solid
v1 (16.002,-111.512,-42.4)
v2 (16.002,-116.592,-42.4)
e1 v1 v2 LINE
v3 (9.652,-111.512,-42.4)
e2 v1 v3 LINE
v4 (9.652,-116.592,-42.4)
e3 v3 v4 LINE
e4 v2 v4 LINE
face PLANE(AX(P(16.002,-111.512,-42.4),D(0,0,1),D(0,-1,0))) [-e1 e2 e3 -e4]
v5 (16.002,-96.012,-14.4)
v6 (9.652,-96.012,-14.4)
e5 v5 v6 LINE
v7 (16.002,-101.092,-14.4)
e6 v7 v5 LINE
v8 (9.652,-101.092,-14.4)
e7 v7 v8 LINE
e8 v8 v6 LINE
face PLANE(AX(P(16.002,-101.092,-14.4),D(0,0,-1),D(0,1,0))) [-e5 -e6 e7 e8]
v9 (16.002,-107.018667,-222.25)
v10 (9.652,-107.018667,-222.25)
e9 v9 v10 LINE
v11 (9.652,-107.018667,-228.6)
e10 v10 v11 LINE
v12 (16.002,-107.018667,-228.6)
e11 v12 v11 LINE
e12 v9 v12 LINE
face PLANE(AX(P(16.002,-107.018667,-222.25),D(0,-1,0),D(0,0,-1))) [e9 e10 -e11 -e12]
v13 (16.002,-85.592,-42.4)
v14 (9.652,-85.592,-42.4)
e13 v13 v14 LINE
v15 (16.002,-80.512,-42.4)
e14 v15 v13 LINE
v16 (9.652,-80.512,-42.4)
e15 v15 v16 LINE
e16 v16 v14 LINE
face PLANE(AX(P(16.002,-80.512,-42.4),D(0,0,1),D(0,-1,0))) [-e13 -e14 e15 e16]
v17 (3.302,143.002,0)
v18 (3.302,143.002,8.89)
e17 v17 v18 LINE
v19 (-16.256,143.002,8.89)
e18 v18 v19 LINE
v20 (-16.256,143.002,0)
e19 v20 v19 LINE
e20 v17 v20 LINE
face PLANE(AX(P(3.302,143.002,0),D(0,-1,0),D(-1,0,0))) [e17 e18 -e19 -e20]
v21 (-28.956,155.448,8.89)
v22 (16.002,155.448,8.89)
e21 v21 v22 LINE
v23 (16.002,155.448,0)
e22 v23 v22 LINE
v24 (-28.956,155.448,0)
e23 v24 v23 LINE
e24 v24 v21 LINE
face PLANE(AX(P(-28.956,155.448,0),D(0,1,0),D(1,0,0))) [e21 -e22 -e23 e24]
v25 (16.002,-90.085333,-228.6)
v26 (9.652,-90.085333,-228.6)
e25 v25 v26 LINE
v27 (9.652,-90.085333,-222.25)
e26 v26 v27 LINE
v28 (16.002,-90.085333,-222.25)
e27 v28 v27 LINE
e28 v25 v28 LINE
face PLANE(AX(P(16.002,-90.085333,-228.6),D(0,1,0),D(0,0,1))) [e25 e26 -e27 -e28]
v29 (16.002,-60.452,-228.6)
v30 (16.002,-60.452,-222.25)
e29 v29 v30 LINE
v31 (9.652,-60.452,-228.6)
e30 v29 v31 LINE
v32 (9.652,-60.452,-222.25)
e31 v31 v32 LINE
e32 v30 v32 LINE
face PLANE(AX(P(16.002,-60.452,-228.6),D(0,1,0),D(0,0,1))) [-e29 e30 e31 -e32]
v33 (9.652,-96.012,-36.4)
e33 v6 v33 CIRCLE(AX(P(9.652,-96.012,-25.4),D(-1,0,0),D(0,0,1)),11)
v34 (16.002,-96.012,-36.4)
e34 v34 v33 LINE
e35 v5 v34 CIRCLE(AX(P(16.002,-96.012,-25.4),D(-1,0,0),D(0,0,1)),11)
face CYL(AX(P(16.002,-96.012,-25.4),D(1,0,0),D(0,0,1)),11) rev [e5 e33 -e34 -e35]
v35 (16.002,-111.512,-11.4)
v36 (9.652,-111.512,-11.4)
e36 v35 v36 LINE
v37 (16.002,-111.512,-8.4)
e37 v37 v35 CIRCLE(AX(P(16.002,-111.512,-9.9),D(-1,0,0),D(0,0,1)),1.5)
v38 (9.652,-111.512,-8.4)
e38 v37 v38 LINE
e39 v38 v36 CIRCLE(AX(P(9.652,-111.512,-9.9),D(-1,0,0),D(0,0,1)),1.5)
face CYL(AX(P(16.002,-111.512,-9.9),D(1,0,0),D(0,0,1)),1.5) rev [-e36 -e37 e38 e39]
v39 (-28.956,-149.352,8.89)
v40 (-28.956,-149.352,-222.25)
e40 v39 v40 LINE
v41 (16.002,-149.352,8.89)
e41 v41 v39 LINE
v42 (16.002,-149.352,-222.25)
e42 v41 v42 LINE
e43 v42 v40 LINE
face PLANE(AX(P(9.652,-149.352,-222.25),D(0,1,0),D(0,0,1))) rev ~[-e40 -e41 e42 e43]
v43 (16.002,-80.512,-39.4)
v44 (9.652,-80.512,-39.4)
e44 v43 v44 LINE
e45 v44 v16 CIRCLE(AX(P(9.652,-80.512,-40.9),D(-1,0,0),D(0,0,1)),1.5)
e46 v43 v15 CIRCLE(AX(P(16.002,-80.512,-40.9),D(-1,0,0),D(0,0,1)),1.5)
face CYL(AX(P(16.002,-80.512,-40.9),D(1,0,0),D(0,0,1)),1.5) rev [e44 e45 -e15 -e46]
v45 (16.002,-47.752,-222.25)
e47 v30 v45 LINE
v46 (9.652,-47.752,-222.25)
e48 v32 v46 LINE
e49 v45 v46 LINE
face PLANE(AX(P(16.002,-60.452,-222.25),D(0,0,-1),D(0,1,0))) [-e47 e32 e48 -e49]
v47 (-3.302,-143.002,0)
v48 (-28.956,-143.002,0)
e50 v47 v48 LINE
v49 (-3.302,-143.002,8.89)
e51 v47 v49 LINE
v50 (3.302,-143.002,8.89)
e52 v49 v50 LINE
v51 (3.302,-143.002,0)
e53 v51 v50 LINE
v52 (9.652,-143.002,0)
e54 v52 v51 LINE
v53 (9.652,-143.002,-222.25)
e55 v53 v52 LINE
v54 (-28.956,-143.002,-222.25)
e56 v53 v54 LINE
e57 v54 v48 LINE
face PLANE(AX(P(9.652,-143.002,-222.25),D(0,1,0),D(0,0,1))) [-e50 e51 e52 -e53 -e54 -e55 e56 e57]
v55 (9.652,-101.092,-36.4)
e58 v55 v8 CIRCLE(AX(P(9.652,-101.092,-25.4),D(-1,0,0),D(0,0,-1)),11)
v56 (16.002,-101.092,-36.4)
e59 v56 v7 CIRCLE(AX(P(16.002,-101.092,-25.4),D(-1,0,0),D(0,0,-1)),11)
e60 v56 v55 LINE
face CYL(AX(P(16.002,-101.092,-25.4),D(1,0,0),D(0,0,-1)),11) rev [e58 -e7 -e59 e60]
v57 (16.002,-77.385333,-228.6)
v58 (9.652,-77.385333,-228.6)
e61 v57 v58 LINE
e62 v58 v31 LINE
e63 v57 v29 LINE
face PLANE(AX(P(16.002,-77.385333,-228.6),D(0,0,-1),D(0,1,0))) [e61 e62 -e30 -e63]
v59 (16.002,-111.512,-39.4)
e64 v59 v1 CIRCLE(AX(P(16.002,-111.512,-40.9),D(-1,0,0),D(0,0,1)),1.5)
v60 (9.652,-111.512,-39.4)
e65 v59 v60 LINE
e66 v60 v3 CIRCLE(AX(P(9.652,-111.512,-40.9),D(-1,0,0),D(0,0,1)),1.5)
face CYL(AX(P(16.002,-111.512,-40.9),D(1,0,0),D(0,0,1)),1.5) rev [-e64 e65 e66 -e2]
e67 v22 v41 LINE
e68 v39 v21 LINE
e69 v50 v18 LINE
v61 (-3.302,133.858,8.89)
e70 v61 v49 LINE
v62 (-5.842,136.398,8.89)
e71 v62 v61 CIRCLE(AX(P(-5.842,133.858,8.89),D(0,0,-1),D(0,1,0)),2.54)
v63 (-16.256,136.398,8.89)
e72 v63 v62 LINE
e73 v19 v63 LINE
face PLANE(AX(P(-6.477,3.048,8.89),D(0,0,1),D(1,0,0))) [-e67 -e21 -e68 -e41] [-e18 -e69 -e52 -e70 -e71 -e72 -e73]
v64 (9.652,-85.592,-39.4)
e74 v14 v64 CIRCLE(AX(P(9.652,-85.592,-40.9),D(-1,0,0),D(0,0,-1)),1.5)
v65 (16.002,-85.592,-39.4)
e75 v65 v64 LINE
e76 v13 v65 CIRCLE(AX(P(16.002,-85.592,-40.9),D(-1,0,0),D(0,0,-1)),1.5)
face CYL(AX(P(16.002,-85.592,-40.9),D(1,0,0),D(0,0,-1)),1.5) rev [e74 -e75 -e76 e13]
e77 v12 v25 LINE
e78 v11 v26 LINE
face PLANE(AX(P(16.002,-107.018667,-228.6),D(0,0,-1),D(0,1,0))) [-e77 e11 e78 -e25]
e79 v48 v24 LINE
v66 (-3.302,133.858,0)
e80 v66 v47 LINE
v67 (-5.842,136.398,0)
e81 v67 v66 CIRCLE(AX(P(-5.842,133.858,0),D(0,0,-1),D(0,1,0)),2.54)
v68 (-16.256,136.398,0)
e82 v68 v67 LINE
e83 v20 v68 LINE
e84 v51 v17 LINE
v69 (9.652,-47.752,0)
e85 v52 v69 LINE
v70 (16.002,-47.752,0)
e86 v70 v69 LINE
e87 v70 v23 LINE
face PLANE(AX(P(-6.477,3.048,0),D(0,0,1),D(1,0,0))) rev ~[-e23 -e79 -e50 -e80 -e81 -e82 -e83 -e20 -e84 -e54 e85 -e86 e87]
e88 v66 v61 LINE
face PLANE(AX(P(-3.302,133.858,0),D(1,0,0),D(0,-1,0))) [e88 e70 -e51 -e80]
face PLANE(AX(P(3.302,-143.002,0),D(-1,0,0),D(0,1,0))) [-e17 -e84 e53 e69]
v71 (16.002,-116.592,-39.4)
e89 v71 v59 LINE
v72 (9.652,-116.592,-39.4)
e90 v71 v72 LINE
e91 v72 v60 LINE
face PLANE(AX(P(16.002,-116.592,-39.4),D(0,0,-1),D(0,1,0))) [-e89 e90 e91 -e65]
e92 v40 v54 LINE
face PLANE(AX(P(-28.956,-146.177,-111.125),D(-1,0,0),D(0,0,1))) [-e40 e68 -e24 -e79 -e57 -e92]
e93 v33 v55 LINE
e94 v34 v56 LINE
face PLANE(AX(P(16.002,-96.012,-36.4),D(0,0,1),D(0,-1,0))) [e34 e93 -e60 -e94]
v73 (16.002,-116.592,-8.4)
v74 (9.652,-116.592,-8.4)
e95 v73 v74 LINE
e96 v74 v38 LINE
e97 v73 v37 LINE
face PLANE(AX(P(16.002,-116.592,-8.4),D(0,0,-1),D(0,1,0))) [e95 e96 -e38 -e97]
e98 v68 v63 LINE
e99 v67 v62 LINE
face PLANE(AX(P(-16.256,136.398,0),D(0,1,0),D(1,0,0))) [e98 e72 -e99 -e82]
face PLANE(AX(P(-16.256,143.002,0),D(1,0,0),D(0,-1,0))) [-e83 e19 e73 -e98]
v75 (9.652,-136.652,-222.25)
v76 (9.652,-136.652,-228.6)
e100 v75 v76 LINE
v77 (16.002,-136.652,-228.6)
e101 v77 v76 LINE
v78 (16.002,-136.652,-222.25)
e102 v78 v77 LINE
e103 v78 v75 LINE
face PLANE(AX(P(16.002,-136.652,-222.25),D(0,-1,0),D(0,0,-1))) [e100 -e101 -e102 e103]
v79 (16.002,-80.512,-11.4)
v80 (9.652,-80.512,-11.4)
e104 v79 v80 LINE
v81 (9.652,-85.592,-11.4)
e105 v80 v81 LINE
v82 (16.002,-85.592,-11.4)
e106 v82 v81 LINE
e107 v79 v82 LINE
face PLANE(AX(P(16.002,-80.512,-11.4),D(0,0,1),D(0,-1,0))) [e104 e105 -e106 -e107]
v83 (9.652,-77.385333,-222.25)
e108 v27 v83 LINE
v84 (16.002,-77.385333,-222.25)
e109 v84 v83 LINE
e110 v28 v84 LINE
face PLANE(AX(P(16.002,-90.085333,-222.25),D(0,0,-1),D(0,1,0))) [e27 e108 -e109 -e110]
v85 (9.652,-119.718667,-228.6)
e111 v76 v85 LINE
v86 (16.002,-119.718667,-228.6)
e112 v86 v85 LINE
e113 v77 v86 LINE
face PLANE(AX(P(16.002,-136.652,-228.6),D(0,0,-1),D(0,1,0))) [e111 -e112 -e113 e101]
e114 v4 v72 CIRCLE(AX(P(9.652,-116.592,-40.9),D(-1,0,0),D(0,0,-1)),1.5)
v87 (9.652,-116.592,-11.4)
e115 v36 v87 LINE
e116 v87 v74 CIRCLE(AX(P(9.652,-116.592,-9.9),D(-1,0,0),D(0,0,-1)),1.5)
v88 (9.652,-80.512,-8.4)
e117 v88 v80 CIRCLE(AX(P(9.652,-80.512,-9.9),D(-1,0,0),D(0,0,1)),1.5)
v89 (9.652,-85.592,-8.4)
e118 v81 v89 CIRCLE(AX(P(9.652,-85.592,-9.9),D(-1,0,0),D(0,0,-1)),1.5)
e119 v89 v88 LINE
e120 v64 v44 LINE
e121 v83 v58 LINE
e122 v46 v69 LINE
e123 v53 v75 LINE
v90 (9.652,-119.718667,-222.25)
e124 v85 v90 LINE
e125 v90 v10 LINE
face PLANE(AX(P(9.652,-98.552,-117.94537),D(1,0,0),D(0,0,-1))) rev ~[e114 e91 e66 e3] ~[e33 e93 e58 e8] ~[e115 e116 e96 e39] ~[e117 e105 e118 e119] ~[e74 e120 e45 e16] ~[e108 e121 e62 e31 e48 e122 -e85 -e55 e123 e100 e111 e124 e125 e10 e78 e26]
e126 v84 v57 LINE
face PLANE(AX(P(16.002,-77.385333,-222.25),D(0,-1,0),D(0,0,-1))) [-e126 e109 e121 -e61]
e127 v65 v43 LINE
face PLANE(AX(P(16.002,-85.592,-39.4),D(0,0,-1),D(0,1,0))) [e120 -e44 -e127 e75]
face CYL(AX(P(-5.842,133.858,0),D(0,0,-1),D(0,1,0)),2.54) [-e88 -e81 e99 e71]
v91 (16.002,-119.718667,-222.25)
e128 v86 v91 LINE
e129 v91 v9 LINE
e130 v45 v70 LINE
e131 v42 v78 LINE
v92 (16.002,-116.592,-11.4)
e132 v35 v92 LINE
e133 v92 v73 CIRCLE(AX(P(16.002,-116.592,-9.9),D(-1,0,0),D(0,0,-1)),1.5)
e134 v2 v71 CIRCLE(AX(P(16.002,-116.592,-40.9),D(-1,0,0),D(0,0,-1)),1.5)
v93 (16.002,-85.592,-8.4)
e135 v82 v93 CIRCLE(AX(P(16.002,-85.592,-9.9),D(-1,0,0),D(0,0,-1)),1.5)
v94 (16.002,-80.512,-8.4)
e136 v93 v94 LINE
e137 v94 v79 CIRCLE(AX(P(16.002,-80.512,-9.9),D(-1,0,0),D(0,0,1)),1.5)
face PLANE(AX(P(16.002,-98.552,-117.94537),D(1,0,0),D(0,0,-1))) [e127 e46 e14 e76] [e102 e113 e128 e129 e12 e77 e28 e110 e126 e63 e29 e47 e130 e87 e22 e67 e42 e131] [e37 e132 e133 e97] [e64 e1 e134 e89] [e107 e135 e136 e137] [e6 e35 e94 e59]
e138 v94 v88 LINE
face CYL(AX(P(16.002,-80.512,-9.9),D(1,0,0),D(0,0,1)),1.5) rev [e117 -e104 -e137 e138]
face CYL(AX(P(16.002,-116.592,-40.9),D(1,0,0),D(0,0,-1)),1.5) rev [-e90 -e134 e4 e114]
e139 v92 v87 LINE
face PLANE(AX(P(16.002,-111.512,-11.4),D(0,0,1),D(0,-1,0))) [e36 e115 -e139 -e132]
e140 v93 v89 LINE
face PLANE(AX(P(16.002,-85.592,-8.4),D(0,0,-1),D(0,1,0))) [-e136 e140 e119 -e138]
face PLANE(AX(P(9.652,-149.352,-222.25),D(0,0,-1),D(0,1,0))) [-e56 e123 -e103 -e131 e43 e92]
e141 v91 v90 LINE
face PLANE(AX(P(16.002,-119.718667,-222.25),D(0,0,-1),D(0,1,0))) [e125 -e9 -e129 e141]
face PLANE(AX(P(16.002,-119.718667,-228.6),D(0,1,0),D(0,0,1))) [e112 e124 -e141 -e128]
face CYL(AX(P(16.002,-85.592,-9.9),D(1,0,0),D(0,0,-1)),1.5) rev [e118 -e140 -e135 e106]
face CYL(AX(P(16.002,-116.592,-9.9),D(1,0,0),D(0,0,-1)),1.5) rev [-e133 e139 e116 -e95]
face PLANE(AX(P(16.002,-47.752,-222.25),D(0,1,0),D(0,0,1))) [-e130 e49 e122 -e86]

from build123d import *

# Parameters (mm, degrees)
SKETCH1_W           = 44.958
SKETCH1_H           = 304.8
BOSS_EXTRUDE1_DEPTH = 8.89
SKETCH2_W           = 8.89
SKETCH2_H           = 101.6
BOSS_EXTRUDE2_DEPTH = 6.35
SKETCH3_W           = 222.25
SKETCH3_H           = 6.35
BOSS_EXTRUDE3_DEPTH = 38.608


with BuildPart() as part:
    # Sketch1 → Boss-Extrude1 (new body)
    with BuildSketch(Plane.XY):
        with Locations((-6.477, 3.048)):
            Rectangle(SKETCH1_W, SKETCH1_H)
        with BuildLine():
            Line((-3.302, 133.858), (-3.302, -143.002))
            Line((-3.302, -143.002), (3.302, -143.002))
            Line((3.302, -143.002), (3.302, 143.002))
            Line((3.302, 143.002), (-16.256, 143.002))
            Line((-16.256, 143.002), (-16.256, 136.398))
            Line((-16.256, 136.398), (-5.842, 136.398))
            ThreePointArc((-5.842, 136.398), (-4.045948776, 135.654051224), (-3.302, 133.858))
        make_face(mode=Mode.SUBTRACT)
    extrude(amount=BOSS_EXTRUDE1_DEPTH)

    # Sketch2 → Boss-Extrude2 (add)
    with BuildSketch(Plane(origin=(16.002, 0, 0), x_dir=(0, 0, -1), z_dir=(1, 0, 0))):
        Polygon((222.25, -60.452), (222.25, -47.752), (0, -47.752), (0, -149.352), (222.25, -149.352), (222.25, -136.652), (228.6, -136.652), (228.6, -119.718666667), (222.25, -119.718666667), (222.25, -107.018666667), (228.6, -107.018666667), (228.6, -90.085333333), (222.25, -90.085333333), (222.25, -77.385333333), (228.6, -77.385333333), (228.6, -60.452), align=None)
        with BuildLine():
            ThreePointArc((11.4, -116.592), (9.9, -118.092), (8.4, -116.592))
            Line((8.4, -116.592), (8.4, -111.512))
            ThreePointArc((8.4, -111.512), (9.9, -110.012), (11.4, -111.512))
            Line((11.4, -111.512), (11.4, -116.592))
        make_face(mode=Mode.SUBTRACT)
        with BuildLine():
            Line((42.4, -111.512), (42.4, -116.592))
            ThreePointArc((42.4, -116.592), (40.9, -118.092), (39.4, -116.592))
            Line((39.4, -116.592), (39.4, -111.512))
            ThreePointArc((39.4, -111.512), (40.9, -110.012), (42.4, -111.512))
        make_face(mode=Mode.SUBTRACT)
        with BuildLine():
            ThreePointArc((36.4, -101.092), (25.4, -112.092), (14.4, -101.092))
            Line((14.4, -101.092), (14.4, -96.012))
            ThreePointArc((14.4, -96.012), (25.4, -85.012), (36.4, -96.012))
            Line((36.4, -96.012), (36.4, -101.092))
        make_face(mode=Mode.SUBTRACT)
        with BuildLine():
            ThreePointArc((11.4, -85.592), (9.9, -87.092), (8.4, -85.592))
            Line((8.4, -85.592), (8.4, -80.512))
            ThreePointArc((8.4, -80.512), (9.9, -79.012), (11.4, -80.512))
            Line((11.4, -80.512), (11.4, -85.592))
        make_face(mode=Mode.SUBTRACT)
        with BuildLine():
            ThreePointArc((42.4, -85.592), (40.9, -87.092), (39.4, -85.592))
            Line((39.4, -85.592), (39.4, -80.512))
            ThreePointArc((39.4, -80.512), (40.9, -79.012), (42.4, -80.512))
            Line((42.4, -80.512), (42.4, -85.592))
        make_face(mode=Mode.SUBTRACT)
        with Locations((-4.445, -98.552)):
            Rectangle(SKETCH2_W, SKETCH2_H)
    extrude(amount=-BOSS_EXTRUDE2_DEPTH)

    # Sketch3 → Boss-Extrude3 (add)
    with BuildSketch(Plane.ZY.offset(-9.652)):
        with Locations((-111.125, -146.177)):
            Rectangle(SKETCH3_W, SKETCH3_H)
    extrude(amount=BOSS_EXTRUDE3_DEPTH)


solid = part.part
